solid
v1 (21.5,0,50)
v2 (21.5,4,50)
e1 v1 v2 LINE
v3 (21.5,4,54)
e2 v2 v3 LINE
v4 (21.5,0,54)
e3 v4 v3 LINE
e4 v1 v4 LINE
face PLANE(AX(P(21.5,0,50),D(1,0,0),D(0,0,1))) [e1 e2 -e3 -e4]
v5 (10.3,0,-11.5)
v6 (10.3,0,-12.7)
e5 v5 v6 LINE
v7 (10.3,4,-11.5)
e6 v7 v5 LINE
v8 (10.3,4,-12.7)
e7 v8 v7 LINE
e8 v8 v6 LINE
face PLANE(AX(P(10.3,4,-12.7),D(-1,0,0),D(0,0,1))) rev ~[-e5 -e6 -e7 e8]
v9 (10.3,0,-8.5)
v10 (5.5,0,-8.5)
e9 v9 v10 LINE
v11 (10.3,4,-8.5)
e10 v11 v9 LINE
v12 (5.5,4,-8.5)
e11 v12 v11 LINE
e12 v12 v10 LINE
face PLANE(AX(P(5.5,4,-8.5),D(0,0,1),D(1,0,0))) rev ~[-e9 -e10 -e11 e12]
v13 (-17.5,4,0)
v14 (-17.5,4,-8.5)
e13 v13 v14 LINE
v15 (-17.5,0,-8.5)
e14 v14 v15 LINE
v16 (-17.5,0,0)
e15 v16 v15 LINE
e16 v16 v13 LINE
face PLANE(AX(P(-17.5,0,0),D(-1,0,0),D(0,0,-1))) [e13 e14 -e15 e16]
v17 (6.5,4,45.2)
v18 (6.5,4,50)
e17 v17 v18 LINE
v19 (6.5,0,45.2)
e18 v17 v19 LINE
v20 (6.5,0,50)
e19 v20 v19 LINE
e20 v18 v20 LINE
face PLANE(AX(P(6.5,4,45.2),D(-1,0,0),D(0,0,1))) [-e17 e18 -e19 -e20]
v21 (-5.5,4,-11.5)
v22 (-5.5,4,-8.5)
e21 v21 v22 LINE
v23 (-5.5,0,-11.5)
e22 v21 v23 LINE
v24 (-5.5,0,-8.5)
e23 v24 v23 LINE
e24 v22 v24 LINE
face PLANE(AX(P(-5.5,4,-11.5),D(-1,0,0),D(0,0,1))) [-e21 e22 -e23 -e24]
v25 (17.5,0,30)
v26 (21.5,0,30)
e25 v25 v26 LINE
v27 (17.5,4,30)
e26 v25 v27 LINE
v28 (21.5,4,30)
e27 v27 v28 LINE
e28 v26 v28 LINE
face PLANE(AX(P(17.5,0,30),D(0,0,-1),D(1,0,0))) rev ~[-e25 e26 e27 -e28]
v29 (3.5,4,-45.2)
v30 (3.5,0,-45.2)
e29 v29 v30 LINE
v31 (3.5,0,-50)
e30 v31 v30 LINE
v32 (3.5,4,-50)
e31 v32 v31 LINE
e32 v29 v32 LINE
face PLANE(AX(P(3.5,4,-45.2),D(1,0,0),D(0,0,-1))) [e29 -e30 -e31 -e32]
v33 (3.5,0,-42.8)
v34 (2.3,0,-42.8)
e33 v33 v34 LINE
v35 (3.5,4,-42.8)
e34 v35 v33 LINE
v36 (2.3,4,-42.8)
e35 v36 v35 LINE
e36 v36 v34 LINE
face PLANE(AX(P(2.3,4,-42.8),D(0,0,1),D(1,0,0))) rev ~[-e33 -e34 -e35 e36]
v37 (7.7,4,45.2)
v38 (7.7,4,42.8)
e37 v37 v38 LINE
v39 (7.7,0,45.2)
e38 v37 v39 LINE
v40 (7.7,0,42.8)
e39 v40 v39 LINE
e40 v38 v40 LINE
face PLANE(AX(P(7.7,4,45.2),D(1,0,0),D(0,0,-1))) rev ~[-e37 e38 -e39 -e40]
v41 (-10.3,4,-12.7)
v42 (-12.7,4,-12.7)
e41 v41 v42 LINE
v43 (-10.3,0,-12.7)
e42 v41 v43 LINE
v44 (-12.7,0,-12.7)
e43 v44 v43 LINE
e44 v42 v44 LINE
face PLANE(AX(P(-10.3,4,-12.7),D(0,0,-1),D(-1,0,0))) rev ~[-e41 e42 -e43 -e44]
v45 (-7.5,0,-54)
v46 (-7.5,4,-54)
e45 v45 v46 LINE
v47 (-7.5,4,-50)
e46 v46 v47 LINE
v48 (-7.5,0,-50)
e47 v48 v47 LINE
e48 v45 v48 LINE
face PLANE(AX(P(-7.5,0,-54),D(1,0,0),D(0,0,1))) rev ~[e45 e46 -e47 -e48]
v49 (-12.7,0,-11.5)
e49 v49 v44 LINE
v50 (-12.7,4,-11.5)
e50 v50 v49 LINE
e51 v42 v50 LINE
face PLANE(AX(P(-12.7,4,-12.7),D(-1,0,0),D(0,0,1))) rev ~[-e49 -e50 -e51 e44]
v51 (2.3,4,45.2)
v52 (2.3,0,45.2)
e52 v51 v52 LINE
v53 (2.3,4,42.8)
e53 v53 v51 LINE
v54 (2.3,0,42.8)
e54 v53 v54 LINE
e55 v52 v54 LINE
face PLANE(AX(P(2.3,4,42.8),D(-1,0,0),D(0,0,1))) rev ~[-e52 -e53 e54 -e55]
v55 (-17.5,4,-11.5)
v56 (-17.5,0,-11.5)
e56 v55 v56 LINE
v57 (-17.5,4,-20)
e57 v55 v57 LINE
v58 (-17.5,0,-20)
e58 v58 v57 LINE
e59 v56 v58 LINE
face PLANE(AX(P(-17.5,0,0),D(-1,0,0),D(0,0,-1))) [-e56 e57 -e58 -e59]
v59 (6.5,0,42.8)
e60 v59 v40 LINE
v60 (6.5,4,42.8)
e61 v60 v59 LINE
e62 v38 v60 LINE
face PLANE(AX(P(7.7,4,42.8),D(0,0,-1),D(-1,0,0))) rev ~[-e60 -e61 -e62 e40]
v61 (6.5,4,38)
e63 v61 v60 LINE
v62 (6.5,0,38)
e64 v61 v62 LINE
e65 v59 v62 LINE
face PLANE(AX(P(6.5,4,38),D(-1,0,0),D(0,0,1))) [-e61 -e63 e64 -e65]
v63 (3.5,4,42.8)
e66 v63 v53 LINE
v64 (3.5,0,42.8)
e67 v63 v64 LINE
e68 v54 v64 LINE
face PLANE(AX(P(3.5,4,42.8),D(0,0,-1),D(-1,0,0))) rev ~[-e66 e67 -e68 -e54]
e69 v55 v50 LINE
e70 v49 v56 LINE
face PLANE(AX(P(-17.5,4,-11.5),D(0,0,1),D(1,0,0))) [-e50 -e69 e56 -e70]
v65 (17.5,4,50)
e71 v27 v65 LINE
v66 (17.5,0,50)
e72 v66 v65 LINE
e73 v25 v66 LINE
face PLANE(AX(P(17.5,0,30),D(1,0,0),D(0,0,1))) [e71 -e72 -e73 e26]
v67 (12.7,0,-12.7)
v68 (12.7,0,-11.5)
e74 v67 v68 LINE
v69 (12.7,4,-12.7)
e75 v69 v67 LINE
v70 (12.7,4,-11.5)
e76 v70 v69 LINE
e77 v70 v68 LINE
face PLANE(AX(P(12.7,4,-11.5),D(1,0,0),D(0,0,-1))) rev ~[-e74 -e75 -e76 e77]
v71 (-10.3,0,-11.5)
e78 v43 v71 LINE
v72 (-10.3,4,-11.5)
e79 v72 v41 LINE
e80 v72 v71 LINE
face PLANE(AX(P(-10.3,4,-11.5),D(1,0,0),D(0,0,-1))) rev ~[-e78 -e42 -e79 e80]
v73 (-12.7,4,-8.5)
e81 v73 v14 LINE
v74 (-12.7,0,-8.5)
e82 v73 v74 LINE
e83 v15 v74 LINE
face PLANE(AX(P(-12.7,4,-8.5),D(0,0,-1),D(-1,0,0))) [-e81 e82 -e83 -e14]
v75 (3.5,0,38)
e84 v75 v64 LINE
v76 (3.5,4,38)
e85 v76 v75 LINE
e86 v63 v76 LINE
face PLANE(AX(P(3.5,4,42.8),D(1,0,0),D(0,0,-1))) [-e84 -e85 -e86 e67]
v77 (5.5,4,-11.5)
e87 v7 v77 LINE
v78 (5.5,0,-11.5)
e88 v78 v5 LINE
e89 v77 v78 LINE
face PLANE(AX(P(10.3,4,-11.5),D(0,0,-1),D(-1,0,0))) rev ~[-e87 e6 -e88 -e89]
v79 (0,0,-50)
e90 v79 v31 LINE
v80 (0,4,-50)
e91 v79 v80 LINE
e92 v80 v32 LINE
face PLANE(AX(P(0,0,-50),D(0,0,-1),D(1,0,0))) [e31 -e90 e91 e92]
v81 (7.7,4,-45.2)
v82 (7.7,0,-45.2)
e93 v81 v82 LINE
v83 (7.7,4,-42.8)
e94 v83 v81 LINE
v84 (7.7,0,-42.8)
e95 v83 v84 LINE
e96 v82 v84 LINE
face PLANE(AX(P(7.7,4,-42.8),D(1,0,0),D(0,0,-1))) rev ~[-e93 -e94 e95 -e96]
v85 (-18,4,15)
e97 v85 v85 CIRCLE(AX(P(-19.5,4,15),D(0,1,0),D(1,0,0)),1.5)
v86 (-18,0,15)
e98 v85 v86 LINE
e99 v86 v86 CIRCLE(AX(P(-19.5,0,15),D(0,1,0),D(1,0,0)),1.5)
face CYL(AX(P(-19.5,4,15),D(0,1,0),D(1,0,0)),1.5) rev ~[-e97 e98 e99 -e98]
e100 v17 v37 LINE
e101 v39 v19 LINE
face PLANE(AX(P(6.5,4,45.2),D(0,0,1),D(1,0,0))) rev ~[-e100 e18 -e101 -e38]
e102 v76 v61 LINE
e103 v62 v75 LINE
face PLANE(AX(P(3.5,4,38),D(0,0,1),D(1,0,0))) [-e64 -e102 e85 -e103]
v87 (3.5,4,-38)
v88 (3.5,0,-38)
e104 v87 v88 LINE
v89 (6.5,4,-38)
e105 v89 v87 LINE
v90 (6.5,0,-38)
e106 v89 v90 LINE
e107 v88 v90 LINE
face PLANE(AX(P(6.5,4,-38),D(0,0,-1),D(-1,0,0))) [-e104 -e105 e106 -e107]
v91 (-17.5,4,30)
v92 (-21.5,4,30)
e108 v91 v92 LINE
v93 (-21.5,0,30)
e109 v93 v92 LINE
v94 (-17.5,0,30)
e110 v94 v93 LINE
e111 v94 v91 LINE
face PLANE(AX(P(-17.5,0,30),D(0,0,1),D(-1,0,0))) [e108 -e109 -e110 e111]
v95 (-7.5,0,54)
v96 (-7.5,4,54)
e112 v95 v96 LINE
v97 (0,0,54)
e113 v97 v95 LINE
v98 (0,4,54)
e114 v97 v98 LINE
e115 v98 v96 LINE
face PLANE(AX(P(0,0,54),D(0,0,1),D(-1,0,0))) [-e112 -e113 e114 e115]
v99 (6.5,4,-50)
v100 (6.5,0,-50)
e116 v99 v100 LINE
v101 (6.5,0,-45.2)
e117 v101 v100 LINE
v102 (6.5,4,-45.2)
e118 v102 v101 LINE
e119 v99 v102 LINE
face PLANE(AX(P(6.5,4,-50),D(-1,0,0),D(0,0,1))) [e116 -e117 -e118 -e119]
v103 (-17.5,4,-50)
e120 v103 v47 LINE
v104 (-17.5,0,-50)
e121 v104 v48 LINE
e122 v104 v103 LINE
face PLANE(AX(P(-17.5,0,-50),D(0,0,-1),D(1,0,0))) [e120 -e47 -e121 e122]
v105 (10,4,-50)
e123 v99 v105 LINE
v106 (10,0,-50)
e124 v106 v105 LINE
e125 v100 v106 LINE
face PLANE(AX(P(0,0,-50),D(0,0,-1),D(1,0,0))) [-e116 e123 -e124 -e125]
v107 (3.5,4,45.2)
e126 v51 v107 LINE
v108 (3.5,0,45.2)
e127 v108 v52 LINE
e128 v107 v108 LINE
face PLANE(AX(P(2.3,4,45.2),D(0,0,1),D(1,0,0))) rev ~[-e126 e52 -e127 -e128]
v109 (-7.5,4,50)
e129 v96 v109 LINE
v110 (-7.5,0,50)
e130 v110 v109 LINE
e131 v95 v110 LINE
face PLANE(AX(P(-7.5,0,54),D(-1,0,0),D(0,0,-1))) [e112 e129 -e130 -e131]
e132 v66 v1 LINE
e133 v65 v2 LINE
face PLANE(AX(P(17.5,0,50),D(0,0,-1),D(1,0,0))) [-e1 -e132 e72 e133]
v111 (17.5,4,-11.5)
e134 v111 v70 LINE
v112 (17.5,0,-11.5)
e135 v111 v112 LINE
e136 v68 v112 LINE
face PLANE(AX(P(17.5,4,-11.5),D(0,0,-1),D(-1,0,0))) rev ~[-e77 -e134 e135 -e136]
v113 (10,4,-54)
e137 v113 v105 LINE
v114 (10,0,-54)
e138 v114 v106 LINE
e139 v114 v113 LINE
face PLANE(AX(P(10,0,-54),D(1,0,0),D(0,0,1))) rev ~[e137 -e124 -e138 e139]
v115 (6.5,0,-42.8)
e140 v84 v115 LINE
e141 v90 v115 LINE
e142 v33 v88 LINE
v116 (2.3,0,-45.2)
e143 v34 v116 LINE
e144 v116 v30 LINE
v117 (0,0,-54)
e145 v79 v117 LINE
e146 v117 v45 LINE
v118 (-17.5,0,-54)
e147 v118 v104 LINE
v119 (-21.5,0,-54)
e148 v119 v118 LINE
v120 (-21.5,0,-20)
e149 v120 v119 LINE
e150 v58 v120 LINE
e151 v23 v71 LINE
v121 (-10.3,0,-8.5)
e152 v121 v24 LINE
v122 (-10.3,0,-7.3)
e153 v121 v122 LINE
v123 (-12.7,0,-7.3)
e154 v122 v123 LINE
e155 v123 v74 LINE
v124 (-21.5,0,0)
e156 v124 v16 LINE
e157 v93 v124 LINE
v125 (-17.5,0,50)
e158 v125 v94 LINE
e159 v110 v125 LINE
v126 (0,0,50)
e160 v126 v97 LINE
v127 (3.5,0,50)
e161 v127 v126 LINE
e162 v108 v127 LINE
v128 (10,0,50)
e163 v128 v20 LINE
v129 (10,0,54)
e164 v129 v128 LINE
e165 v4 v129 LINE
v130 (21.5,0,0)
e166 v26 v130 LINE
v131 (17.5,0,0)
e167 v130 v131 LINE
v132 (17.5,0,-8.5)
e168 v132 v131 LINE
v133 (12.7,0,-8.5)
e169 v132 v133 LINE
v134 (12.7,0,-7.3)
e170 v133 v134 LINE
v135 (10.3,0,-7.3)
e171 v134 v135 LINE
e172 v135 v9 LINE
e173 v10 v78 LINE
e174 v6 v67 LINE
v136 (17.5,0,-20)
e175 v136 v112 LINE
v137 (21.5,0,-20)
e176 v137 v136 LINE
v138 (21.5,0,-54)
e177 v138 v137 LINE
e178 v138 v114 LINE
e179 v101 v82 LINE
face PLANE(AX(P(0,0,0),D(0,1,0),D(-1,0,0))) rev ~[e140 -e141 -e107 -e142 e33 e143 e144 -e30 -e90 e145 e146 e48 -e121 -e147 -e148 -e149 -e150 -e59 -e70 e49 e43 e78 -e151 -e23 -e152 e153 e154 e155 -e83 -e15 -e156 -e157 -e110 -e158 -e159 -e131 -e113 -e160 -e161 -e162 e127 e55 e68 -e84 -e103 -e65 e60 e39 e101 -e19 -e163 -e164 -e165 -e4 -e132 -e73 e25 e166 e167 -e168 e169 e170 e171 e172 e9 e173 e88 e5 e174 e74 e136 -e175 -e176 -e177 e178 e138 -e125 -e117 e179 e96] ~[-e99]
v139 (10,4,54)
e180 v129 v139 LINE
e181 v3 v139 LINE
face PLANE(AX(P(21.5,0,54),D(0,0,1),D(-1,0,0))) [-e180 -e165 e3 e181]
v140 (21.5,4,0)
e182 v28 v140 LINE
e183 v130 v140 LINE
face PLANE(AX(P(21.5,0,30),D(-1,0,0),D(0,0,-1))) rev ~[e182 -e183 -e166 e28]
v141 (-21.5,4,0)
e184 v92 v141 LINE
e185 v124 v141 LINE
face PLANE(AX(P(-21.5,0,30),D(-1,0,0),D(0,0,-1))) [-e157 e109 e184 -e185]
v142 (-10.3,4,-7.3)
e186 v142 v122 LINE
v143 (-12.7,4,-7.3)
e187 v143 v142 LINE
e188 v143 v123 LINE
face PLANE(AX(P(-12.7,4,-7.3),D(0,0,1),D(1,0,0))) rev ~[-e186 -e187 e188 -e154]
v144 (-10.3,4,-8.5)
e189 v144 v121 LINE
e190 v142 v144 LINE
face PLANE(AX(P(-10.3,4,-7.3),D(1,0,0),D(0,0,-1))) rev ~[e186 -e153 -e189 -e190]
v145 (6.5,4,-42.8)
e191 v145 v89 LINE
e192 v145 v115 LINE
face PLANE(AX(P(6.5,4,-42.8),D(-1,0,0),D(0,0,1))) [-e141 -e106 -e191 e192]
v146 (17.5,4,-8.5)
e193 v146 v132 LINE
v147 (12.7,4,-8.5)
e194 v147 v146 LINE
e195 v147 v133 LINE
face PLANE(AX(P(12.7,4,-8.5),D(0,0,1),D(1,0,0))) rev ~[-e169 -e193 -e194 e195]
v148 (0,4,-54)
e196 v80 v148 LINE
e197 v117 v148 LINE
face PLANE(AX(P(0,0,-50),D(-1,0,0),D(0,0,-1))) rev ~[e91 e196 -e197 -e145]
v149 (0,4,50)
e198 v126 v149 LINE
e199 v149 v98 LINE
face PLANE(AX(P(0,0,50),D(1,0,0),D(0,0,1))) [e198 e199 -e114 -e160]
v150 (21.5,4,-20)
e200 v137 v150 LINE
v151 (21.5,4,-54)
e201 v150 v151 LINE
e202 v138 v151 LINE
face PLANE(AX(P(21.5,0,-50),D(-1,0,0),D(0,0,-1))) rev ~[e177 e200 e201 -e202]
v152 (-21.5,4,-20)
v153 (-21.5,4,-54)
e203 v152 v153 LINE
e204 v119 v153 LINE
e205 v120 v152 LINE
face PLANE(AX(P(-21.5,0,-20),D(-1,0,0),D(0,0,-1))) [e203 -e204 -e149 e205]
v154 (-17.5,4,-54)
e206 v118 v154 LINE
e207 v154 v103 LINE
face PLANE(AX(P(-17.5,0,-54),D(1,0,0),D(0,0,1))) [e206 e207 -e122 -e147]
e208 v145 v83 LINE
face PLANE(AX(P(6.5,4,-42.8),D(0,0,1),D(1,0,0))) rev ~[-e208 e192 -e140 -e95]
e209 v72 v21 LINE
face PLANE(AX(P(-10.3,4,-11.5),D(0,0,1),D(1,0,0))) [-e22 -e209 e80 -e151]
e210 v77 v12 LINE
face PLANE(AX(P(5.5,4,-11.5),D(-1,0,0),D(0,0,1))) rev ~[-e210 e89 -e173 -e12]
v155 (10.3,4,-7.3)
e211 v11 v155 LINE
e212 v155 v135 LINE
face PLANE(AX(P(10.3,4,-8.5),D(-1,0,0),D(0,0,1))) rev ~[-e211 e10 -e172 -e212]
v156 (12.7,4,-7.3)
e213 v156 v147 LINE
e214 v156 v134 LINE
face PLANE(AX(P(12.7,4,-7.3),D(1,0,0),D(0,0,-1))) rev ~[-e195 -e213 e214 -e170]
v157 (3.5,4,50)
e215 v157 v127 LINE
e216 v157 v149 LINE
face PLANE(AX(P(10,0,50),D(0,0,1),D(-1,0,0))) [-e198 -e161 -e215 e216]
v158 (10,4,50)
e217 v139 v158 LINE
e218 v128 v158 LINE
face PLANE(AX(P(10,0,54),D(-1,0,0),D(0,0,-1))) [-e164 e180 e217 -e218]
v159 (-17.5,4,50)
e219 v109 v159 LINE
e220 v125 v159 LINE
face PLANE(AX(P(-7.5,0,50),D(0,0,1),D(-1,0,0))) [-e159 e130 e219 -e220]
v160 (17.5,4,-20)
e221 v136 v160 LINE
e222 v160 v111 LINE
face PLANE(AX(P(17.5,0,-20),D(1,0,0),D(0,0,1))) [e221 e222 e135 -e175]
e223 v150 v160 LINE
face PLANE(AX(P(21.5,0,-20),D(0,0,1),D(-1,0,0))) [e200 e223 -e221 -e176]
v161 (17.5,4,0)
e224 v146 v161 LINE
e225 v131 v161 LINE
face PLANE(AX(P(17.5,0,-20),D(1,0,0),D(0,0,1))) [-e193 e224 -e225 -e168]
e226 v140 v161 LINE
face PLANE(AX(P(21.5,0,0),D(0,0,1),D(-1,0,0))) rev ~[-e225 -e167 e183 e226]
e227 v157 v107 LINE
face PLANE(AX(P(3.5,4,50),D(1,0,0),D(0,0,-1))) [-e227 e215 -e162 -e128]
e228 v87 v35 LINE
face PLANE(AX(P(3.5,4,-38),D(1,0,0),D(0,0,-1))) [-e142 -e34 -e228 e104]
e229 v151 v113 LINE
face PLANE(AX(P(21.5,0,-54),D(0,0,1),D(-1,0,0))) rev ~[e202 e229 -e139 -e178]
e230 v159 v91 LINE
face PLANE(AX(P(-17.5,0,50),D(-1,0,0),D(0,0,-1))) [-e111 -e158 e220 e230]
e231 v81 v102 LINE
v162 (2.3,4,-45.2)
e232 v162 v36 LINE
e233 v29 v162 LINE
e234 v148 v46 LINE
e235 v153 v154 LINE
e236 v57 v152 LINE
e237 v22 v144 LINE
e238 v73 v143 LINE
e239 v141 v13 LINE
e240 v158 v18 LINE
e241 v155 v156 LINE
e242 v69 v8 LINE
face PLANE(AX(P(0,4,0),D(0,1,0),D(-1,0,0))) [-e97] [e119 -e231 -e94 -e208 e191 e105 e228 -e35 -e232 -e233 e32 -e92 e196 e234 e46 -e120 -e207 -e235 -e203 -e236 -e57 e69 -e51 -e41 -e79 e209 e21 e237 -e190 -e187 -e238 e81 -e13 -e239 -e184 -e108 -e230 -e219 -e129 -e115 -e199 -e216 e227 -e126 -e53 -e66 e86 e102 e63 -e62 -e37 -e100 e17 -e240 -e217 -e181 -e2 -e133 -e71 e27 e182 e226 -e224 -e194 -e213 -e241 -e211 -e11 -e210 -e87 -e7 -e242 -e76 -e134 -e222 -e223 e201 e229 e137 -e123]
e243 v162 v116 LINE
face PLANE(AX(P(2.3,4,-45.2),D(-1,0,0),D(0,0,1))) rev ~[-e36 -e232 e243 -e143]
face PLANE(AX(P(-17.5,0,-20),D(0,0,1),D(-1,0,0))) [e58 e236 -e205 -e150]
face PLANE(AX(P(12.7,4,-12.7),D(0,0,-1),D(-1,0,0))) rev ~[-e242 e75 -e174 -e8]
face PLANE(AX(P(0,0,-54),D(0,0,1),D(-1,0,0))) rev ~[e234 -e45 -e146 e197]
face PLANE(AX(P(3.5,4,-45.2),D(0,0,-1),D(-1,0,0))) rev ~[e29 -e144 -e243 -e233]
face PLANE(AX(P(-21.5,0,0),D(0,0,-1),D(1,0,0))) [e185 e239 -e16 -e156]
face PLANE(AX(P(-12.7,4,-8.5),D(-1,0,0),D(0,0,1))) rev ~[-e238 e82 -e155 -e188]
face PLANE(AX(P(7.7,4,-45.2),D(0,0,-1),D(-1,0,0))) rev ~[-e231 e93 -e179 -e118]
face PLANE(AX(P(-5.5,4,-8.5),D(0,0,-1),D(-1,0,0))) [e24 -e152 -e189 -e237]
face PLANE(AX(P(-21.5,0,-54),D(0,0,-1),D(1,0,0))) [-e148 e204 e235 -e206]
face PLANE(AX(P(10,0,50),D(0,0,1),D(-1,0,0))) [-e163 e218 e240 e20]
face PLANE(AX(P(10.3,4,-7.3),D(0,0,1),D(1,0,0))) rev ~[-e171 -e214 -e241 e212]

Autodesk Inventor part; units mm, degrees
ref_plane "YZ Plane" through (0, 0, 0) normal (1, 0, 0) x (0, 1, 0)
ref_plane "XZ Plane" through (0, 0, 0) normal (0, 1, 0) x (-1, 0, 0)
ref_plane "XY Plane" through (0, 0, 0) normal (0, 0, 1) x (1, 0, 0)
sketch "Sketch1" plane through (0, 0, 0) normal (0, 1, 0) x (-1, 0, 0)
  line L0 (-17.5, 50) -> (17.5, 50)
  line L1 (17.5, 50) -> (17.5, -50)
  line L2 (17.5, -50) -> (-17.5, -50)
  line L3 (-17.5, -50) -> (-17.5, 50)
  line L4 (-17.5, 50) -> (17.5, -50) construction
  line L5 (17.5, 50) -> (-17.5, -50) construction
  line L6 (7.5, 50) -> (0, 50)
  line L7 (0, 50) -> (0, 54)
  line L8 (0, 54) -> (7.5, 54)
  line L9 (7.5, 54) -> (7.5, 50)
  line L10 (-10, 50) -> (-21.5, 50)
  line L11 (-21.5, 50) -> (-21.5, 54)
  line L12 (-21.5, 54) -> (-10, 54)
  line L13 (-10, 54) -> (-10, 50)
  line L14 (17.5, 30) -> (21.5, 30)
  line L15 (21.5, 30) -> (21.5, 0)
  line L16 (21.5, 0) -> (17.5, 0)
  line L17 (17.5, 0) -> (17.5, 30)
  line L18 (17.5, -20) -> (21.5, -20)
  line L19 (21.5, -20) -> (21.5, -54)
  line L20 (21.5, -54) -> (17.5, -54)
  line L21 (17.5, -54) -> (17.5, -20)
  line L22 (7.5, -50) -> (0, -50)
  line L23 (0, -50) -> (0, -54)
  line L24 (0, -54) -> (7.5, -54)
  line L25 (7.5, -54) -> (7.5, -50)
  line L26 (-10, -50) -> (-21.5, -50)
  line L27 (-21.5, -50) -> (-21.5, -54)
  line L28 (-21.5, -54) -> (-10, -54)
  line L29 (-10, -54) -> (-10, -50)
  line L30 (-17.5, 30) -> (-21.5, 30)
  line L31 (-21.5, 30) -> (-21.5, 0)
  line L32 (-21.5, 0) -> (-17.5, 0)
  line L33 (-17.5, 0) -> (-17.5, 30)
  line L34 (-17.5, -50) -> (-21.5, -50)
  line L35 (-21.5, -50) -> (-21.5, -20)
  line L36 (-21.5, -20) -> (-17.5, -20)
  line L37 (-17.5, -20) -> (-17.5, -50)
  point P0 (0, 0)
  point P1 (17.5, 0)
  point P2 (-17.5, 0)
  point P3 (-17.5, -20)
  point P4 (0, -50)
  point P5 (17.5, -50)
  dimension "d0" = 35
  dimension "d2" = 7.5
  dimension "d3" = 4
  dimension "d4" = 11.5
  dimension "d5" = 4
  dimension "d6" = 10
  dimension "d7" = 10
  dimension "d8" = 4
  dimension "d9" = 30
  dimension "d10" = 4
  dimension "d11" = 34
  dimension "d12" = 20
  dimension "d13" = 20
  dimension "d14" = 7.5
  dimension "d15" = 4
  dimension "d16" = 11.5
  dimension "d17" = 4
  dimension "d18" = 10
  dimension "d19" = 10
  dimension "d20" = 4
  dimension "d21" = 30
  dimension "d22" = 20
  dimension "d23" = 4
  dimension "d24" = 30
  dimension "d27" = 4
extrude "Extrusion1" add sketch "Sketch1" along normal blind 4
sketch "Sketch3" plane through (0, 4, 0) normal (0, 1, 0) x (1, 0, 0)
  line L0 (17.5, 11.5) -> (5.5, 11.5)
  line L1 (5.5, 11.5) -> (5.5, 8.5)
  line L2 (5.5, 8.5) -> (17.5, 8.5)
  line L3 (17.5, 8.5) -> (17.5, 11.5)
  line L4 (10.3, 7.3) -> (12.7, 7.3)
  line L5 (12.7, 7.3) -> (12.7, 12.7)
  line L6 (12.7, 12.7) -> (10.3, 12.7)
  line L7 (10.3, 12.7) -> (10.3, 7.3)
  line L8 (17.5, 0) -> (17.5, 20) projected
  line L9 (10, -50) -> (0, -50) projected
  line L10 (3.5, -38) -> (6.5, -38)
  line L11 (6.5, -38) -> (6.5, -50)
  line L12 (6.5, -50) -> (3.5, -50)
  line L13 (3.5, -50) -> (3.5, -38)
  line L14 (2.3, -45.2) -> (7.7, -45.2)
  line L15 (7.7, -45.2) -> (7.7, -42.8)
  line L16 (7.7, -42.8) -> (2.3, -42.8)
  line L17 (2.3, -42.8) -> (2.3, -45.2)
  line L18 (-17.5, 11.5) -> (-5.5, 11.5)
  line L19 (-5.5, 11.5) -> (-5.5, 8.5)
  line L20 (-5.5, 8.5) -> (-17.5, 8.5)
  line L21 (-17.5, 8.5) -> (-17.5, 11.5)
  line L22 (-12.7, 7.3) -> (-10.3, 7.3)
  line L23 (-10.3, 7.3) -> (-10.3, 12.7)
  line L24 (-10.3, 12.7) -> (-12.7, 12.7)
  line L25 (-12.7, 12.7) -> (-12.7, 7.3)
  line L26 (0, -50) -> (10, -50) projected
  line L27 (-17.5, 20) -> (-17.5, 0) projected
  line L28 (3.5, 50) -> (6.5, 50)
  line L29 (6.5, 50) -> (6.5, 38)
  line L30 (6.5, 38) -> (3.5, 38)
  line L31 (3.5, 38) -> (3.5, 50)
  line L32 (10, 50) -> (0, 50) projected
  line L33 (2.3, 42.8) -> (7.7, 42.8)
  line L34 (7.7, 42.8) -> (7.7, 45.2)
  line L35 (7.7, 45.2) -> (2.3, 45.2)
  line L36 (2.3, 45.2) -> (2.3, 42.8)
  line L37 (10, 50) -> (0, 50) projected
  circle A0 centre (-19.5, -15) radius 1.5
  line L38 (0, 54) -> (-7.5, 54) projected
  line L39 (-7.5, 54) -> (0, 50) construction
  line L40 (-7.5, -54) -> (0, -54) projected
  line L41 (-7.5, -54) -> (0, -50) construction
  line L42 (-17.5, 0) -> (-21.5, 0) projected
  line L43 (-21.5, -30) -> (-17.5, 0) construction
  line L44 (21.5, 0) -> (17.5, 0) projected
  line L45 (17.5, 0) -> (21.5, -30) construction
  point P0 (0, 0)
  point P1 (11.5, 12.7)
  point P2 (11.5, 8.5)
  point P3 (12.7, 10)
  point P4 (17.5, 10)
  point P5 (17.5, 10)
  point P6 (2.3, -44)
  point P7 (6.5, -44)
  point P8 (5, -42.8)
  point P9 (5, -38)
  point P10 (-12.7, 10)
  point P11 (-5.5, 10)
  point P12 (-11.5, 12.7)
  point P13 (-11.5, 11.5)
  point P14 (5, -50)
  point P15 (5, -50)
  point P16 (5, -50)
  point P17 (-17.5, 10)
  point P18 (5, 38)
  point P19 (5, 50)
  point P20 (5, 50)
  point P21 (2.3, 44)
  point P22 (3.5, 44)
  point P23 (5, 45.2)
  point P24 (5, 50)
  point P25 (10.3, 11.5)
  point P26 (10.3, 8.5)
  point P27 (12.7, 8.5)
  point P28 (12.7, 11.5)
  point P29 (6.5, 45.2)
  point P30 (3.5, 45.2)
  point P31 (3.5, 42.8)
  point P32 (6.5, 42.8)
  point P33 (6.5, -42.8)
  point P34 (3.5, -42.8)
  point P35 (3.5, -45.2)
  point P36 (6.5, -45.2)
  point P37 (-10.3, 8.5)
  point P38 (-10.3, 11.5)
  point P39 (-12.7, 11.5)
  point P40 (-12.7, 8.5)
  dimension "d35" = 12
  dimension "d36" = 3
  dimension "d37" = 2.4
  dimension "d38" = 5.4
  dimension "d39" = 3
  dimension "d40" = 12
  dimension "d41" = 5.4
  dimension "d42" = 2.4
  dimension "d43" = 12
  dimension "d44" = 3
  dimension "d45" = 2.4
  dimension "d46" = 5.4
  dimension "d47" = 3
  dimension "d51" = 12
  dimension "d52" = 2.4
  dimension "d53" = 5.4
  dimension "d54" = 3
extrude "Extrusion3" cut sketch "Sketch3" against normal up to next
properties part number "FloorButtonHolder_Top_V1" material "MDF Medium Density Fiberboard"
